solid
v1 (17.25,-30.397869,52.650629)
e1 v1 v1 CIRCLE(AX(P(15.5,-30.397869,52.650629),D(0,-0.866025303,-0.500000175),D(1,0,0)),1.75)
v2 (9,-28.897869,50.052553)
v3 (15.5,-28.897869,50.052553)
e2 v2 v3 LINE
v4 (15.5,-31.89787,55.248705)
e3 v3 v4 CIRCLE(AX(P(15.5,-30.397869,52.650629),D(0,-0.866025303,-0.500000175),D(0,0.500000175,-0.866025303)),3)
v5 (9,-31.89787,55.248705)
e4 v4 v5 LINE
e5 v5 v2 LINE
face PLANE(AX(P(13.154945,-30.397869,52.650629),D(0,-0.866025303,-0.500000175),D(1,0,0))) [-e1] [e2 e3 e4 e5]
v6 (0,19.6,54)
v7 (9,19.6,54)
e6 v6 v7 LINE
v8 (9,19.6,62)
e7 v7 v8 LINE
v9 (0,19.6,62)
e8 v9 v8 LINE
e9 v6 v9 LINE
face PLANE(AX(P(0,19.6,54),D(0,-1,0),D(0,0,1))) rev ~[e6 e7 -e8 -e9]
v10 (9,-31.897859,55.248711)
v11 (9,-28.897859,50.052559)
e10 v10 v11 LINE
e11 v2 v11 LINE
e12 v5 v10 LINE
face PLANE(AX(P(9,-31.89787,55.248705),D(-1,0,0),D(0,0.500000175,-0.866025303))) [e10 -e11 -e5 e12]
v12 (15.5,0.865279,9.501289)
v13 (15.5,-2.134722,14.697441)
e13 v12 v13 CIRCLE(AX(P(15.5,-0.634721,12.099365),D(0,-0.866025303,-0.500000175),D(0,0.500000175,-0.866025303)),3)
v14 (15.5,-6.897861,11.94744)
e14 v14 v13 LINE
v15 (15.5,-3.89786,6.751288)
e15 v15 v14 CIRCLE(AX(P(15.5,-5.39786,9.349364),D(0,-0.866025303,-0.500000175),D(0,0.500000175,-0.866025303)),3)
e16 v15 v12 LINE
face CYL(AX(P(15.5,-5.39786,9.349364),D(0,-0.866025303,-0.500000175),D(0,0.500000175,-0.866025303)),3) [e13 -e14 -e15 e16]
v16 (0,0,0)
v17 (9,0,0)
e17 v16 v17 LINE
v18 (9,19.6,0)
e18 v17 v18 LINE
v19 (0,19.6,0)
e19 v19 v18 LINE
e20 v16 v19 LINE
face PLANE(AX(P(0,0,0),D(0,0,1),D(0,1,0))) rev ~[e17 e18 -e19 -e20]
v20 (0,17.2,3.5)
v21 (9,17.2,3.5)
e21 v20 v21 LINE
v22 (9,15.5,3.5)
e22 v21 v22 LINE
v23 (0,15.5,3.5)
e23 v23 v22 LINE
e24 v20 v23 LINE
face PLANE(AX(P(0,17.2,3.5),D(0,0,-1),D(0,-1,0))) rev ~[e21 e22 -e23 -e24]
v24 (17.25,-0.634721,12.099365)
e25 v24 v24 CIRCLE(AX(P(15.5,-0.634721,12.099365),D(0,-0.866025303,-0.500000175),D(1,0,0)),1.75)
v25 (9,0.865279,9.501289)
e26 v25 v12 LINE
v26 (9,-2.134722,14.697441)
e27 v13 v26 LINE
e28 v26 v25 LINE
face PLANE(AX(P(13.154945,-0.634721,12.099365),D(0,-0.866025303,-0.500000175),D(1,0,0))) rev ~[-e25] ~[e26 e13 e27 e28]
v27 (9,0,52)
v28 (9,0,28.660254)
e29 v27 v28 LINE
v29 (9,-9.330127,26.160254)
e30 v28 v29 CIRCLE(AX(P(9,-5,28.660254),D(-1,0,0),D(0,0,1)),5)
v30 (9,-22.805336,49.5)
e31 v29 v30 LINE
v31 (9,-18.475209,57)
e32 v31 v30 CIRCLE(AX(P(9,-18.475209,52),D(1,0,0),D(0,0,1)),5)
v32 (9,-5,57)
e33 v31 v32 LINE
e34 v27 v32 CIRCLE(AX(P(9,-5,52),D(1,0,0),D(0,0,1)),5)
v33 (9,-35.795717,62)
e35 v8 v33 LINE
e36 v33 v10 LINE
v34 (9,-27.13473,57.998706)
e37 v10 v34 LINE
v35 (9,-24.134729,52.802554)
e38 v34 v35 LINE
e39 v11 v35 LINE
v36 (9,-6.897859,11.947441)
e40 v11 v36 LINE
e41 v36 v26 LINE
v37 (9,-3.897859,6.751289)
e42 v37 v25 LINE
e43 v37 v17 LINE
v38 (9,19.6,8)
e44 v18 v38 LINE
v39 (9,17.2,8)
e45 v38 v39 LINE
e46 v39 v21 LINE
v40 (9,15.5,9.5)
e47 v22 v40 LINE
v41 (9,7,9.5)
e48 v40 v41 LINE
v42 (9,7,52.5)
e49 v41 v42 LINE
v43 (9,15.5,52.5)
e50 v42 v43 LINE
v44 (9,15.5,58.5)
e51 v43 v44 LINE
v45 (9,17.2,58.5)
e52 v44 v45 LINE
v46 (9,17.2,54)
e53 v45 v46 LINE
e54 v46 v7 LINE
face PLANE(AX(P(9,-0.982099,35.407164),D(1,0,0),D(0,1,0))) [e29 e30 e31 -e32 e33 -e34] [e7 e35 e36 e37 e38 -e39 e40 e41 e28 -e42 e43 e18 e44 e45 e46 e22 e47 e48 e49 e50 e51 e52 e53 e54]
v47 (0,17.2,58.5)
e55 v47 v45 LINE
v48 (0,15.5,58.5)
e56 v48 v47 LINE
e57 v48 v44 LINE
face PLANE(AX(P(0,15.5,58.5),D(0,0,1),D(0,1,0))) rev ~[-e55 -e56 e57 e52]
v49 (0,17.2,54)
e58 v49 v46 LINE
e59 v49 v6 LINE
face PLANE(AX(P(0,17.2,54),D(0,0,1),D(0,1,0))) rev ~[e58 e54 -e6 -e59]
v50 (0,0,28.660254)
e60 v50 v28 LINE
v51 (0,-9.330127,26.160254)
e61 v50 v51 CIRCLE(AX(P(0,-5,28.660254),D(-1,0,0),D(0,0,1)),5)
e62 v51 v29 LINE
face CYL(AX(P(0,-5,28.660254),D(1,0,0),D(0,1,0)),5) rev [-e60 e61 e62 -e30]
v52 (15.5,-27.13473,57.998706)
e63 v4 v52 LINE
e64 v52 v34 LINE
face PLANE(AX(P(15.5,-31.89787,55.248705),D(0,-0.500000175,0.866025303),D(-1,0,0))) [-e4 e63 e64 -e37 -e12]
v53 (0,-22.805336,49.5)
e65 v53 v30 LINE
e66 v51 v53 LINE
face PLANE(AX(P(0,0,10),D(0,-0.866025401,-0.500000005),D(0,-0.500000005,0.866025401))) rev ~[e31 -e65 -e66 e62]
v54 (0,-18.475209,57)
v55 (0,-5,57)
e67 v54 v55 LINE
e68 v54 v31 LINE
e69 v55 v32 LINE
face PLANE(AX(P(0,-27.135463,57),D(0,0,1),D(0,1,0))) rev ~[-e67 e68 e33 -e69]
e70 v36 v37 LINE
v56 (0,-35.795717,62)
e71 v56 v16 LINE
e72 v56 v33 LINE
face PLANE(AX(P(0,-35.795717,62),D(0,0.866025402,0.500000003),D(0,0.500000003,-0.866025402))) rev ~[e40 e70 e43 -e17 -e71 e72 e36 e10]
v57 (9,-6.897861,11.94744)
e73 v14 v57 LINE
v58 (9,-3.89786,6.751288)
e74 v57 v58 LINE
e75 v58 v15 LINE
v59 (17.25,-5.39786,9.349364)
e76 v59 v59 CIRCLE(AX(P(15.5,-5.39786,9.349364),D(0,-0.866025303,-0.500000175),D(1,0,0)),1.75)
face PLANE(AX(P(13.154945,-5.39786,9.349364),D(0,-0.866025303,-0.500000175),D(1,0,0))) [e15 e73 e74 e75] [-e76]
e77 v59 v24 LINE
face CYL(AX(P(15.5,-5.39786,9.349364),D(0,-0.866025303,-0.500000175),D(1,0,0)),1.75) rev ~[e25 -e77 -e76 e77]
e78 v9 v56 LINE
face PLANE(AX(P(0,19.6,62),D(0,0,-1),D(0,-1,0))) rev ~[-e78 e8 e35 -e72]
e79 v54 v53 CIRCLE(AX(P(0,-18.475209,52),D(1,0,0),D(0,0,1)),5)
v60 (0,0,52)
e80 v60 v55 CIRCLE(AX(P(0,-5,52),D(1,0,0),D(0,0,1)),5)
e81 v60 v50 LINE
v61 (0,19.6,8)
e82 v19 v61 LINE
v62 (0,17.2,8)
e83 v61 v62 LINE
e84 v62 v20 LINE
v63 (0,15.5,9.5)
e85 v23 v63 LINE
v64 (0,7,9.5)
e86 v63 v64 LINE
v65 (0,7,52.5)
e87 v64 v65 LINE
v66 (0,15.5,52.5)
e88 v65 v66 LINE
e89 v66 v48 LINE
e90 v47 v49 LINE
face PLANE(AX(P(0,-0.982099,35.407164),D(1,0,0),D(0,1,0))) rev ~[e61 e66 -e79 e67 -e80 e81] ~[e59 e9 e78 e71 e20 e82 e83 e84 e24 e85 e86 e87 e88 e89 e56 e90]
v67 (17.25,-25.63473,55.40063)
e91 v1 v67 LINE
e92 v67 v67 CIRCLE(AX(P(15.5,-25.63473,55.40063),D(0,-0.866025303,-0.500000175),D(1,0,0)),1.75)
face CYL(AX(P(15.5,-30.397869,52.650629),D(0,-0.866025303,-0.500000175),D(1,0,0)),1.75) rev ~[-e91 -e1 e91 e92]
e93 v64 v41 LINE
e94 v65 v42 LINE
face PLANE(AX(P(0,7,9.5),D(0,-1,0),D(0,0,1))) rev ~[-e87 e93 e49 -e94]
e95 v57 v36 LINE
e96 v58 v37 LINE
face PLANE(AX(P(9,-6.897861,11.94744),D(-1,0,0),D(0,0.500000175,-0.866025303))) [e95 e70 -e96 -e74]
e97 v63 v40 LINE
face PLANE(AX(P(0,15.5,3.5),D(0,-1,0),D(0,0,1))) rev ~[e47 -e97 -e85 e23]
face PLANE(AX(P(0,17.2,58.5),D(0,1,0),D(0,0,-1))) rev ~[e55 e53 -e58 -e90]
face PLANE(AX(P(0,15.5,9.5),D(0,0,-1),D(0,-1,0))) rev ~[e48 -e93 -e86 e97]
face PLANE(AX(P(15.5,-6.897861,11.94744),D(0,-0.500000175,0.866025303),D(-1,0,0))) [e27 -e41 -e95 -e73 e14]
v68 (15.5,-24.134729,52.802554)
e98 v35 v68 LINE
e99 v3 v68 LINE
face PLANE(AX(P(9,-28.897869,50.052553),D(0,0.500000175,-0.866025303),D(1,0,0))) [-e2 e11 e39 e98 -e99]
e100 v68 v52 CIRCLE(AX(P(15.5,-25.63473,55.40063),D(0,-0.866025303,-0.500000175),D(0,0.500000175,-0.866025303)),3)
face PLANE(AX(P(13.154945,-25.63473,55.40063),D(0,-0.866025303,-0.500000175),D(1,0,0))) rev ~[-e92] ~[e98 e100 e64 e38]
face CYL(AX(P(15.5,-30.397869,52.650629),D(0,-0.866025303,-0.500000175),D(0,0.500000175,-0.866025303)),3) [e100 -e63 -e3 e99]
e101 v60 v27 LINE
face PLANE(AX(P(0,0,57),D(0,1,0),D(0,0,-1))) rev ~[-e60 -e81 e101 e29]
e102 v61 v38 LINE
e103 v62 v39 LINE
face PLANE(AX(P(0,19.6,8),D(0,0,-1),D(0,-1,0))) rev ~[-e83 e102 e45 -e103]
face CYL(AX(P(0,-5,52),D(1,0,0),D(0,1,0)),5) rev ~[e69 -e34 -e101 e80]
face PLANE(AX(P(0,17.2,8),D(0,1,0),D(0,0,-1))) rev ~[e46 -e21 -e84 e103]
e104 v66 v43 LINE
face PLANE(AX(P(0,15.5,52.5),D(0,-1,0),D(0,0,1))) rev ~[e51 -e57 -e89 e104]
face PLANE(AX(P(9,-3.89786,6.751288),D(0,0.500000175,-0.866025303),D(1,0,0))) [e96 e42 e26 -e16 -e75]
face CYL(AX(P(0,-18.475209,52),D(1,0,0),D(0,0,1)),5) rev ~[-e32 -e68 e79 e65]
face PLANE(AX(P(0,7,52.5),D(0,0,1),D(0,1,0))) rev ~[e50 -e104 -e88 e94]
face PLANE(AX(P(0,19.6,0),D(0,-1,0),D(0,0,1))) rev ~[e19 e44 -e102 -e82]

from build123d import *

# Parameters (mm, degrees)
F1_DEPTH = 9
F2_R     = 5
F3_R     = 1.75
F4_DEPTH = 5.5


with BuildPart() as f1:
    # F0 (on Right) → F1 (new body)
    with BuildSketch(Plane.YZ):
        Polygon((17.2, 58.5), (17.2, 54), (19.6, 54), (19.6, 62), (-35.795717, 62), (0, 0), (19.6, 0), (19.6, 8), (17.2, 8), (17.2, 3.5), (15.5, 3.5), (15.5, 9.5), (7, 9.5), (7, 52.5), (15.5, 52.5), (15.5, 58.5), align=None)
        Polygon((0, 10), (-27.135463, 57), (0, 57), align=None, mode=Mode.SUBTRACT)
    extrude(amount=F1_DEPTH)

    # F2
    f2_edges = [f1.edges().sort_by_distance(p)[0] for p in [
        (4.5, 0, 57),
        (4.5, -27.135463, 57),
        (4.5, 0, 10),
    ]]
    fillet(f2_edges, radius=F2_R)

    # F3 (on face) → F4 (join)
    with BuildSketch(Plane(origin=(0, 0, 0), x_dir=(1, 0, 0), z_dir=(0, -0.866025, -0.5))):
        with BuildLine():
            Line((15.5, 63.795717), (9, 63.795717))
            Line((9, 63.795717), (9, 57.795717))
            Line((9, 57.795717), (15.5, 57.795717))
            ThreePointArc((15.5, 57.795717), (18.5, 60.795717), (15.5, 63.795717))
        make_face()
        with Locations((15.5, 60.795717)):
            Circle(F3_R, mode=Mode.SUBTRACT)
        with BuildLine():
            Line((15.5, 13.795717), (9, 13.795717))
            Line((9, 13.795717), (9, 7.795717))
            Line((9, 7.795717), (15.5, 7.795717))
            ThreePointArc((15.5, 7.795717), (18.5, 10.795717), (15.5, 13.795717))
        make_face()
        with Locations((15.5, 10.795717)):
            Circle(F3_R, mode=Mode.SUBTRACT)
    extrude(amount=-F4_DEPTH)


solid = f1.part
